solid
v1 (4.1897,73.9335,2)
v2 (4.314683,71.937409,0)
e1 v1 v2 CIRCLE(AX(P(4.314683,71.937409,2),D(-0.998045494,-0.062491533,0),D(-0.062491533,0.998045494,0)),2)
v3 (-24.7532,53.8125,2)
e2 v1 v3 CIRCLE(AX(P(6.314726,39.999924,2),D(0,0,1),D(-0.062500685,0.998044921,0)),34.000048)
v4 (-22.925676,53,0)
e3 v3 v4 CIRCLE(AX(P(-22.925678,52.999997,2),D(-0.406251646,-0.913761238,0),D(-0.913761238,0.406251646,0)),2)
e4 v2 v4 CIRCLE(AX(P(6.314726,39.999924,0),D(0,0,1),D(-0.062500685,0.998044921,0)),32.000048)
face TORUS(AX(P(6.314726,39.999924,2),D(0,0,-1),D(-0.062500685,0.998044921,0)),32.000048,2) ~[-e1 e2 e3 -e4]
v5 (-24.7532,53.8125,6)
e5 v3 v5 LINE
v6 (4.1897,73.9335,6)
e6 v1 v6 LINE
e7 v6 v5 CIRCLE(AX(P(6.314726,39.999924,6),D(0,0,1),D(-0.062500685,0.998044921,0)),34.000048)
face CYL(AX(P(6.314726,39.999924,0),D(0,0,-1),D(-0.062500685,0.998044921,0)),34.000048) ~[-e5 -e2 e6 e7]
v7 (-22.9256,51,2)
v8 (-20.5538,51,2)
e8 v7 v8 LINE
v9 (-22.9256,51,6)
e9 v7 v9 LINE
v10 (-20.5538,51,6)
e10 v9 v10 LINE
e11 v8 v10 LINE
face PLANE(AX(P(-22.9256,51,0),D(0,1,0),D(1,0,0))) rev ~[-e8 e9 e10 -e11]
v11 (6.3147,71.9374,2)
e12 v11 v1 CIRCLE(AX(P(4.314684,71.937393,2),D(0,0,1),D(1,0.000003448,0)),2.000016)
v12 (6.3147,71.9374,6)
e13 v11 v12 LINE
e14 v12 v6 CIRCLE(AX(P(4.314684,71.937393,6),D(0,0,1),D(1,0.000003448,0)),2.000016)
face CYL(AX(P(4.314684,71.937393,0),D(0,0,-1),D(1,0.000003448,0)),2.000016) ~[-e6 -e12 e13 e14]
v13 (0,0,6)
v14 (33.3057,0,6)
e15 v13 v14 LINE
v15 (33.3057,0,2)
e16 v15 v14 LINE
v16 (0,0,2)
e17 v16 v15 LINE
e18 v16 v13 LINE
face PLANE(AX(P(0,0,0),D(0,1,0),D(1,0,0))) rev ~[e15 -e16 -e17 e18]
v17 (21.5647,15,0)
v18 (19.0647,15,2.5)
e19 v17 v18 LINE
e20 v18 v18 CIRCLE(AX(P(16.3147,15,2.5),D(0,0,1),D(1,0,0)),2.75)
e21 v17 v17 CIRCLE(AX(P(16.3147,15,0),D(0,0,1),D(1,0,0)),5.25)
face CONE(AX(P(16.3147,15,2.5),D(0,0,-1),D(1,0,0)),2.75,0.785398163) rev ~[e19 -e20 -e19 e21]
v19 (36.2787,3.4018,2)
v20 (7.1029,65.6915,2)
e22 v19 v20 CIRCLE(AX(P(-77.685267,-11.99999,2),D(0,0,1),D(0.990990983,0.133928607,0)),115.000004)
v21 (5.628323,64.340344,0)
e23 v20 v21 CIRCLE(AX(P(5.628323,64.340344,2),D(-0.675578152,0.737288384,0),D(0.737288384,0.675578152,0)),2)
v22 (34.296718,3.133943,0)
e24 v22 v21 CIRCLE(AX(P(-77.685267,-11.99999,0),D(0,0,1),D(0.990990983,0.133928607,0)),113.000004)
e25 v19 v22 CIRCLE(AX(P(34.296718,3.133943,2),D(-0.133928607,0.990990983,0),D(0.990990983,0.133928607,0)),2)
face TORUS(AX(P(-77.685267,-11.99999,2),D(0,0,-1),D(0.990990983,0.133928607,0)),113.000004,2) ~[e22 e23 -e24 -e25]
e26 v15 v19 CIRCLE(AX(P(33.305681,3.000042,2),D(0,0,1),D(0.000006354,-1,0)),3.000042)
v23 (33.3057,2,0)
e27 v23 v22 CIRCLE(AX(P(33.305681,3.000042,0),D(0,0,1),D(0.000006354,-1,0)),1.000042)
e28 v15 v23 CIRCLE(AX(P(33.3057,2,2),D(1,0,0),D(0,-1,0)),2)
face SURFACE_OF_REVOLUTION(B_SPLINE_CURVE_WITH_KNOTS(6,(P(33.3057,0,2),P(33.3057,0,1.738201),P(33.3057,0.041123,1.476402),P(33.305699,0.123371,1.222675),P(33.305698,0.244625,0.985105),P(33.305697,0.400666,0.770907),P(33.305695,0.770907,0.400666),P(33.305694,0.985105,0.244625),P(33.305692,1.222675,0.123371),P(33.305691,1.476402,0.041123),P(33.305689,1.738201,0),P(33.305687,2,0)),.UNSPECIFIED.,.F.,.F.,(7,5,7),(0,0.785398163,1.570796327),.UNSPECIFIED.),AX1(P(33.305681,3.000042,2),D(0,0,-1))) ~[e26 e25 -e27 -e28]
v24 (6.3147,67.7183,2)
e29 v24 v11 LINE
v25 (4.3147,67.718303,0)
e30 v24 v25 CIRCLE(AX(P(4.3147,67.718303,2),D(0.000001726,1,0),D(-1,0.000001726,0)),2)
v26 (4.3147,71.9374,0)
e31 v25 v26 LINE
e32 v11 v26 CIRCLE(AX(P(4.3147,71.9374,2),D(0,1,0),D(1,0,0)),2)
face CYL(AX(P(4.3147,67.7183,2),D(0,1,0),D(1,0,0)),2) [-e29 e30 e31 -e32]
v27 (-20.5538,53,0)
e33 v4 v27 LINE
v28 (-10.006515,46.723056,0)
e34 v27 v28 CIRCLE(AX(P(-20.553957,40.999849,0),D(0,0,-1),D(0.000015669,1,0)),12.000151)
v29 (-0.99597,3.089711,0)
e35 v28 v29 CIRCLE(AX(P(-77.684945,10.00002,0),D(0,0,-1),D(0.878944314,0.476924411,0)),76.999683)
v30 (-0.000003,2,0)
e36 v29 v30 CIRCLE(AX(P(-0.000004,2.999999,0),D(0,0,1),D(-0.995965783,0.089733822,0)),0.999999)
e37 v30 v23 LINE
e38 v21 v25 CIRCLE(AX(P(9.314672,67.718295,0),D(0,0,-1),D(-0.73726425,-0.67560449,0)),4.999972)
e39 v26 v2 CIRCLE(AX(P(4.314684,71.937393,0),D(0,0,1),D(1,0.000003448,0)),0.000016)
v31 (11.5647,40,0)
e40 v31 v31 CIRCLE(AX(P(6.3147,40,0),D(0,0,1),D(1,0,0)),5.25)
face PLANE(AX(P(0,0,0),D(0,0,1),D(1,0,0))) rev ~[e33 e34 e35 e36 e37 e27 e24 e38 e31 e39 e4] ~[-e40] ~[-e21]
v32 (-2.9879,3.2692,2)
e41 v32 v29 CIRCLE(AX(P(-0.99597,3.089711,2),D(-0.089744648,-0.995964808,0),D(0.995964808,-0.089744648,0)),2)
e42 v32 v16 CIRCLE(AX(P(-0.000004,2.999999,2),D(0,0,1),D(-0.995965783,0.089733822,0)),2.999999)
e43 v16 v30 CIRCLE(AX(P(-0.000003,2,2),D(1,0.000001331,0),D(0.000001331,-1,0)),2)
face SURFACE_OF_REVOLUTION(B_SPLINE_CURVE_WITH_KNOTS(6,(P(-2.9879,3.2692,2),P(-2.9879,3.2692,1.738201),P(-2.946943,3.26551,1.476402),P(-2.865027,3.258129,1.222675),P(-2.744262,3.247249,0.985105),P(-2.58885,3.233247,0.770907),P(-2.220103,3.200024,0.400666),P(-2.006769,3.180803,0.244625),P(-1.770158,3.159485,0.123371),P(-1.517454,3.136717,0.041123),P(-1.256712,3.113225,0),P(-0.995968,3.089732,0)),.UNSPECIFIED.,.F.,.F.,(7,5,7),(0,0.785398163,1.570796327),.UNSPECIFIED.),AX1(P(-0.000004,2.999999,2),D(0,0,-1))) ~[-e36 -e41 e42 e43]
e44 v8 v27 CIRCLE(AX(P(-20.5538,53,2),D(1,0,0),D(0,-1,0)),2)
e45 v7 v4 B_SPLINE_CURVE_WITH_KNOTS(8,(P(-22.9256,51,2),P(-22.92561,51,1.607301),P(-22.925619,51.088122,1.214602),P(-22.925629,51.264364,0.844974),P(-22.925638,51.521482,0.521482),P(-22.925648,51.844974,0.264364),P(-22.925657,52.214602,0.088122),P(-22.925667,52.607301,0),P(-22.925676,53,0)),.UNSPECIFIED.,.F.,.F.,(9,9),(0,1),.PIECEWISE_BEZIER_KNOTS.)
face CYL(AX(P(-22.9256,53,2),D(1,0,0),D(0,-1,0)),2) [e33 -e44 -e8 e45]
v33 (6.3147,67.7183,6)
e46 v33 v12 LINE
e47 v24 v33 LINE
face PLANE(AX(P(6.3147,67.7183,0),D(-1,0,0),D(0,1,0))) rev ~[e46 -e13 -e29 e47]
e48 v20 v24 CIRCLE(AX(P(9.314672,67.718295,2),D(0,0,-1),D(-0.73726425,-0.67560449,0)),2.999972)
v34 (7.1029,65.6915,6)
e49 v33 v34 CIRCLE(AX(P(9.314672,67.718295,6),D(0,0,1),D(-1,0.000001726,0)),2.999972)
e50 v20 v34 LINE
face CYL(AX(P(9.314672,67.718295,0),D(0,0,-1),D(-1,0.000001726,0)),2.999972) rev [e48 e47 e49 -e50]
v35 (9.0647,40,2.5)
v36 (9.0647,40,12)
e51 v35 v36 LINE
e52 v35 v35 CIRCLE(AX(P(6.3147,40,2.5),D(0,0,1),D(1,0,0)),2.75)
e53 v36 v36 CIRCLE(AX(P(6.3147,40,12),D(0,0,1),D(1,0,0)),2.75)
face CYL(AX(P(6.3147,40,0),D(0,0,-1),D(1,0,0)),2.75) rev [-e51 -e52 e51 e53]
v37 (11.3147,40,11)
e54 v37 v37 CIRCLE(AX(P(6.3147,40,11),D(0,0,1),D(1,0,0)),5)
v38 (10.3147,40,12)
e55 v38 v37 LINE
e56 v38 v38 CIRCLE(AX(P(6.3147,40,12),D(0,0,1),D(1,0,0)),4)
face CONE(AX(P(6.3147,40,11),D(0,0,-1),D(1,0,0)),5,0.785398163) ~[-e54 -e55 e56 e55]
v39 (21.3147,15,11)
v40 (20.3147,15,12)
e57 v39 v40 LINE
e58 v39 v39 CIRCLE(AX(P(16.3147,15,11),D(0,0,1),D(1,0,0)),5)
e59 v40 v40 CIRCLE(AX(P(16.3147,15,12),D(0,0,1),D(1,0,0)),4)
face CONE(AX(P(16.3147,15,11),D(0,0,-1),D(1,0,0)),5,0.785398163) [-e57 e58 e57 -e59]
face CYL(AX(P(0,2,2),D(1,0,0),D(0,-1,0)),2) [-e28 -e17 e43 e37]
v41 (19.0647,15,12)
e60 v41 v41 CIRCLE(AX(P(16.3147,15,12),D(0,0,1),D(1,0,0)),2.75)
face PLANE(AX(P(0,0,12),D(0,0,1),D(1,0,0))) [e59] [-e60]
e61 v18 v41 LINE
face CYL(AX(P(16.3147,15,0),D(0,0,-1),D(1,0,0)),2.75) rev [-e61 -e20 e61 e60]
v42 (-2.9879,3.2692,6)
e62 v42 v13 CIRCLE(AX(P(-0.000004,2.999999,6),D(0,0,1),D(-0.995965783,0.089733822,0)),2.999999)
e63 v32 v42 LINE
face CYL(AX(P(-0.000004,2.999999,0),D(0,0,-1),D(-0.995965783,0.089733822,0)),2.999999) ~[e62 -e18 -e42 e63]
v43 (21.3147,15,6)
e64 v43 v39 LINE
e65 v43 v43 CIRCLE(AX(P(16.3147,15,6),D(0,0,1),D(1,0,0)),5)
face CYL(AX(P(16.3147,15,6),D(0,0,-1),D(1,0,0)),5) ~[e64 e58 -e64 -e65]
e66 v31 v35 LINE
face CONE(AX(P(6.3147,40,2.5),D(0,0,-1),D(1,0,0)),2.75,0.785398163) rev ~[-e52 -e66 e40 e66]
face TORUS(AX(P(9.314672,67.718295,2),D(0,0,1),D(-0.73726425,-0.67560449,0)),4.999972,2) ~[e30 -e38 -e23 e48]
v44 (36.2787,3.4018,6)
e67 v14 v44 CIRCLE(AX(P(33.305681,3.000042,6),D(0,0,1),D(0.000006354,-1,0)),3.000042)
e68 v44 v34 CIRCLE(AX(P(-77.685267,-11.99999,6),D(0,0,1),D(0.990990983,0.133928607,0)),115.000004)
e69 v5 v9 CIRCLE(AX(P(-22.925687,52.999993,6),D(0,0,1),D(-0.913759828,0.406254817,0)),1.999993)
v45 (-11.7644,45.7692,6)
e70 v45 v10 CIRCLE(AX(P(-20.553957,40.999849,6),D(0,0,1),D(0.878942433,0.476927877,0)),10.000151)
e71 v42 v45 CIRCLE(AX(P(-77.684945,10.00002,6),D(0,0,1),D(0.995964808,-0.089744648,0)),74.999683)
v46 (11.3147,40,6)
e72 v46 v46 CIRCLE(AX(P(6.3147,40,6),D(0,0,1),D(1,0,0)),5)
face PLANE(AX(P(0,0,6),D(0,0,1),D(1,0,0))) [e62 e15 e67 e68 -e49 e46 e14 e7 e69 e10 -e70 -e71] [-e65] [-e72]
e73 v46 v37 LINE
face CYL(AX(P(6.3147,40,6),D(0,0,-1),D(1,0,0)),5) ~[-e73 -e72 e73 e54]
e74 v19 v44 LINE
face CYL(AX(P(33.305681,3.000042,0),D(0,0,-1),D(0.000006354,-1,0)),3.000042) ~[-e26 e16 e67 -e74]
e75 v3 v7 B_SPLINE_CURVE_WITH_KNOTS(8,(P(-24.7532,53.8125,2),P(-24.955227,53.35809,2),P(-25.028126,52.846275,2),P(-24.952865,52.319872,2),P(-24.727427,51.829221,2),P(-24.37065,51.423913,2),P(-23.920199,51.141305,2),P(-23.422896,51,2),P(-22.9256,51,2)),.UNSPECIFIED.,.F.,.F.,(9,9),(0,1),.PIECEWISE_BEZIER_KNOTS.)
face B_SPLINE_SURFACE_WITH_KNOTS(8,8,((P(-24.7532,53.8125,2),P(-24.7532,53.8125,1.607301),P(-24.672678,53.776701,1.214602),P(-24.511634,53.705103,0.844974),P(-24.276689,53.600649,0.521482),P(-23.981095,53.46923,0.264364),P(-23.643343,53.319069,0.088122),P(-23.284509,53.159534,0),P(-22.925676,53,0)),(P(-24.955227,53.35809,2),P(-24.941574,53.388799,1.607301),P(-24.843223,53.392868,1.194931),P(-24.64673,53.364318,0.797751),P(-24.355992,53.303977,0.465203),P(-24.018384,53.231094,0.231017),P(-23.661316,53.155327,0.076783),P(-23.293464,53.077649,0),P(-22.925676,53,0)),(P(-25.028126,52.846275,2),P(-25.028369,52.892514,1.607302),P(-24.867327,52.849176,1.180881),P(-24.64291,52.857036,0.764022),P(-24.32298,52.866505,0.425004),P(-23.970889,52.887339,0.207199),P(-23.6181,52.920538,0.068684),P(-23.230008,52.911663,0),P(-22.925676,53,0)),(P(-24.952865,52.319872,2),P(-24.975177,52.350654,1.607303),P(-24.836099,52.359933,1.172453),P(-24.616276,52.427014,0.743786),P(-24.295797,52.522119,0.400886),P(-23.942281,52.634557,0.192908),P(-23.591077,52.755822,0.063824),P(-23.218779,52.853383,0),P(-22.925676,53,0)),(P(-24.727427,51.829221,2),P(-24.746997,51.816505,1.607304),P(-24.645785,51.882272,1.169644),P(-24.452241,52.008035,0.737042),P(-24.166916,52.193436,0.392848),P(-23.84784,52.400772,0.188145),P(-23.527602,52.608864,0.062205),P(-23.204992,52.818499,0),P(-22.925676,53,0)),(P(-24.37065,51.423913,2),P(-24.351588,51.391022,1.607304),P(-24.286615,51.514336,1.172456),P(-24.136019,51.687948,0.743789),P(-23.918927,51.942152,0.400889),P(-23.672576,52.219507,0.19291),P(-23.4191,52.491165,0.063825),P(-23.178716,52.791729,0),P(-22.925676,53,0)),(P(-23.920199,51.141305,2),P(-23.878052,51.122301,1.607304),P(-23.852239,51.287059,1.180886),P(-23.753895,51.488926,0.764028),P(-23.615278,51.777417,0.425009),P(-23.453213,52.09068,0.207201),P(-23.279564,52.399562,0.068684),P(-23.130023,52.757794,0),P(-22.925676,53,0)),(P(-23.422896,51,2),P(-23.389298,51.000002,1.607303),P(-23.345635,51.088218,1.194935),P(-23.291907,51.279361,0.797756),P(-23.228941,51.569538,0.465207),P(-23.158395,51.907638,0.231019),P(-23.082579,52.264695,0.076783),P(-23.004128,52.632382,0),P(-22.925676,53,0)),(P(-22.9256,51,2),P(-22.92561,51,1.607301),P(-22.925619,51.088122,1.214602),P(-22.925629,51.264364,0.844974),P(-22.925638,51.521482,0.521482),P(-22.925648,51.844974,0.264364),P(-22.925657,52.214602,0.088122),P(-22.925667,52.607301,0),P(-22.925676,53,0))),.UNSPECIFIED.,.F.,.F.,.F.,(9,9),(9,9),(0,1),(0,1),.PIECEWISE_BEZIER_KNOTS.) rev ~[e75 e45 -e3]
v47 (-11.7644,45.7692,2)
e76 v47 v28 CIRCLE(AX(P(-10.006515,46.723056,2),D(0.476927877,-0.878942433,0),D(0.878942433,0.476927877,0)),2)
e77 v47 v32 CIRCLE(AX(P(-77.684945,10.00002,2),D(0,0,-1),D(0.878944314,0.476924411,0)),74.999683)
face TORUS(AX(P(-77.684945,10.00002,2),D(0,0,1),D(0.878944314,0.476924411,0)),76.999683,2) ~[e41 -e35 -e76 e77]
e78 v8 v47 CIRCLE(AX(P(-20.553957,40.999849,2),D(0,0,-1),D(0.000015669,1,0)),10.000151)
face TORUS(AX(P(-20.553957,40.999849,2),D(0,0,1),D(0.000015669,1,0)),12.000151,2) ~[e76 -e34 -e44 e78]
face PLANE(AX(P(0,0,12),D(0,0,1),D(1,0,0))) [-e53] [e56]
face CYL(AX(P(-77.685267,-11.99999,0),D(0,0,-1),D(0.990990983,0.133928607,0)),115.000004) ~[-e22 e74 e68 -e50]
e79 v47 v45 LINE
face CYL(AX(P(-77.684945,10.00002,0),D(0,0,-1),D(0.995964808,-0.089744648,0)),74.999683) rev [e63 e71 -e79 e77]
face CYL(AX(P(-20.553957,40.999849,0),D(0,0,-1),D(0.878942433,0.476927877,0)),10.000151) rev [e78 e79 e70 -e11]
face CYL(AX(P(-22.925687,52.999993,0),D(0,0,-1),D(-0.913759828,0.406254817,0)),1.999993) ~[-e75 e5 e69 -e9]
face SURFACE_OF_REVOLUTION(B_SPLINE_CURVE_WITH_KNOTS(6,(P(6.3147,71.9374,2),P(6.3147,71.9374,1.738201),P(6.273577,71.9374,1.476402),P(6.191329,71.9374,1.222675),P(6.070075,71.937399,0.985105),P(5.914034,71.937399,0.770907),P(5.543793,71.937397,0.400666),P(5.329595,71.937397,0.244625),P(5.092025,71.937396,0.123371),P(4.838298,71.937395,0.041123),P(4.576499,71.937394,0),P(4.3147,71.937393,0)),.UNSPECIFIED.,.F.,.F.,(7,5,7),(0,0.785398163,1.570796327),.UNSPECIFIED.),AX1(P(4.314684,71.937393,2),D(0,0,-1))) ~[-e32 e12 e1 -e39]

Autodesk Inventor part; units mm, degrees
ref_plane "YZ Plane" through (0, 0, 0) normal (1, 0, 0) x (0, 1, 0)
ref_plane "XZ Plane" through (0, 0, 0) normal (0, 1, 0) x (-1, 0, 0)
ref_plane "XY Plane" through (0, 0, 0) normal (0, 0, 1) x (1, 0, 0)
sketch "Sketch1" plane through (0, 0, 0) normal (0, 0, 1) x (1, 0, 0)
  arc A0 (4.1897, 73.9335) -> (-24.7532, 53.8125) centre (6.3147, 40) ccw
  arc A1 (-24.7532, 53.8125) -> (-22.9256, 51) centre (-22.9256, 53) ccw
  line L0 (-22.9256, 51) -> (-20.5538, 51)
  arc A2 (-11.7644, 45.7692) -> (-20.5538, 51) centre (-20.5538, 41) ccw
  arc A3 (-2.9879, 3.2692) -> (-11.7644, 45.7692) centre (-77.6853, 10) ccw
  arc A4 (-2.9879, 3.2692) -> (0, 0) centre (0, 3) ccw
  line L1 (0, 0) -> (33.3057, 0)
  arc A5 (33.3057, 0) -> (36.2787, 3.4018) centre (33.3057, 3) ccw
  arc A6 (36.2787, 3.4018) -> (7.1029, 65.6915) centre (-77.6853, -12) ccw
  arc A7 (6.3147, 67.7183) -> (7.1029, 65.6915) centre (9.3147, 67.7183) ccw
  line L2 (6.3147, 67.7183) -> (6.3147, 71.9374)
  arc A8 (6.3147, 71.9374) -> (4.1897, 73.9335) centre (4.3147, 71.9374) ccw
  circle A9 centre (6.3147, 40) radius 2.75
  circle A10 centre (16.3147, 15) radius 2.75
extrude "Extrusion1" add sketch "Sketch1" along normal blind 6
fillet "Fillet1" radius 2 12 edges at (26.457, 36.7791, 0) (6.5187, 66.631, 0) (6.3147, 69.8278, 0) (5.684, 73.3952, 0) (-13.0929, 67.9167, 0) (-24.6027, 51.9103, 0) (-21.7397, 51, 0) (-15.4398, 49.5934, 0) (-4.235, 25.1679, 0) (-2.2145, 0.9761, 0) (16.6529, 0, 0) (35.5646, 1.0258, 0)
chamfer "Chamfer1" distance 2.5 angle 45 1 edges at (3.5647, 40, 0)
chamfer "Chamfer2" distance 2.5 angle 45 1 edges at (13.5647, 15, 0)
sketch "Sketch2" plane through (0, 0, 6) normal (0, 0, 1) x (1, 0, 0)
  circle A0 centre (6.3147, 40) radius 2.75
  circle A1 centre (16.3147, 15) radius 2.75
  circle A2 centre (6.3147, 40) radius 5
  circle A3 centre (16.3147, 15) radius 5
  point P0 (0, 0)
extrude "Extrusion2" add sketch "Sketch2" along normal blind 6
chamfer "Chamfer3" distance 1 angle 45 1 edges at (1.3147, 40, 12)
chamfer "Chamfer4" distance 1 angle 45 1 edges at (11.3147, 15, 12)
properties part number "Rukohvat_Desni_4"
